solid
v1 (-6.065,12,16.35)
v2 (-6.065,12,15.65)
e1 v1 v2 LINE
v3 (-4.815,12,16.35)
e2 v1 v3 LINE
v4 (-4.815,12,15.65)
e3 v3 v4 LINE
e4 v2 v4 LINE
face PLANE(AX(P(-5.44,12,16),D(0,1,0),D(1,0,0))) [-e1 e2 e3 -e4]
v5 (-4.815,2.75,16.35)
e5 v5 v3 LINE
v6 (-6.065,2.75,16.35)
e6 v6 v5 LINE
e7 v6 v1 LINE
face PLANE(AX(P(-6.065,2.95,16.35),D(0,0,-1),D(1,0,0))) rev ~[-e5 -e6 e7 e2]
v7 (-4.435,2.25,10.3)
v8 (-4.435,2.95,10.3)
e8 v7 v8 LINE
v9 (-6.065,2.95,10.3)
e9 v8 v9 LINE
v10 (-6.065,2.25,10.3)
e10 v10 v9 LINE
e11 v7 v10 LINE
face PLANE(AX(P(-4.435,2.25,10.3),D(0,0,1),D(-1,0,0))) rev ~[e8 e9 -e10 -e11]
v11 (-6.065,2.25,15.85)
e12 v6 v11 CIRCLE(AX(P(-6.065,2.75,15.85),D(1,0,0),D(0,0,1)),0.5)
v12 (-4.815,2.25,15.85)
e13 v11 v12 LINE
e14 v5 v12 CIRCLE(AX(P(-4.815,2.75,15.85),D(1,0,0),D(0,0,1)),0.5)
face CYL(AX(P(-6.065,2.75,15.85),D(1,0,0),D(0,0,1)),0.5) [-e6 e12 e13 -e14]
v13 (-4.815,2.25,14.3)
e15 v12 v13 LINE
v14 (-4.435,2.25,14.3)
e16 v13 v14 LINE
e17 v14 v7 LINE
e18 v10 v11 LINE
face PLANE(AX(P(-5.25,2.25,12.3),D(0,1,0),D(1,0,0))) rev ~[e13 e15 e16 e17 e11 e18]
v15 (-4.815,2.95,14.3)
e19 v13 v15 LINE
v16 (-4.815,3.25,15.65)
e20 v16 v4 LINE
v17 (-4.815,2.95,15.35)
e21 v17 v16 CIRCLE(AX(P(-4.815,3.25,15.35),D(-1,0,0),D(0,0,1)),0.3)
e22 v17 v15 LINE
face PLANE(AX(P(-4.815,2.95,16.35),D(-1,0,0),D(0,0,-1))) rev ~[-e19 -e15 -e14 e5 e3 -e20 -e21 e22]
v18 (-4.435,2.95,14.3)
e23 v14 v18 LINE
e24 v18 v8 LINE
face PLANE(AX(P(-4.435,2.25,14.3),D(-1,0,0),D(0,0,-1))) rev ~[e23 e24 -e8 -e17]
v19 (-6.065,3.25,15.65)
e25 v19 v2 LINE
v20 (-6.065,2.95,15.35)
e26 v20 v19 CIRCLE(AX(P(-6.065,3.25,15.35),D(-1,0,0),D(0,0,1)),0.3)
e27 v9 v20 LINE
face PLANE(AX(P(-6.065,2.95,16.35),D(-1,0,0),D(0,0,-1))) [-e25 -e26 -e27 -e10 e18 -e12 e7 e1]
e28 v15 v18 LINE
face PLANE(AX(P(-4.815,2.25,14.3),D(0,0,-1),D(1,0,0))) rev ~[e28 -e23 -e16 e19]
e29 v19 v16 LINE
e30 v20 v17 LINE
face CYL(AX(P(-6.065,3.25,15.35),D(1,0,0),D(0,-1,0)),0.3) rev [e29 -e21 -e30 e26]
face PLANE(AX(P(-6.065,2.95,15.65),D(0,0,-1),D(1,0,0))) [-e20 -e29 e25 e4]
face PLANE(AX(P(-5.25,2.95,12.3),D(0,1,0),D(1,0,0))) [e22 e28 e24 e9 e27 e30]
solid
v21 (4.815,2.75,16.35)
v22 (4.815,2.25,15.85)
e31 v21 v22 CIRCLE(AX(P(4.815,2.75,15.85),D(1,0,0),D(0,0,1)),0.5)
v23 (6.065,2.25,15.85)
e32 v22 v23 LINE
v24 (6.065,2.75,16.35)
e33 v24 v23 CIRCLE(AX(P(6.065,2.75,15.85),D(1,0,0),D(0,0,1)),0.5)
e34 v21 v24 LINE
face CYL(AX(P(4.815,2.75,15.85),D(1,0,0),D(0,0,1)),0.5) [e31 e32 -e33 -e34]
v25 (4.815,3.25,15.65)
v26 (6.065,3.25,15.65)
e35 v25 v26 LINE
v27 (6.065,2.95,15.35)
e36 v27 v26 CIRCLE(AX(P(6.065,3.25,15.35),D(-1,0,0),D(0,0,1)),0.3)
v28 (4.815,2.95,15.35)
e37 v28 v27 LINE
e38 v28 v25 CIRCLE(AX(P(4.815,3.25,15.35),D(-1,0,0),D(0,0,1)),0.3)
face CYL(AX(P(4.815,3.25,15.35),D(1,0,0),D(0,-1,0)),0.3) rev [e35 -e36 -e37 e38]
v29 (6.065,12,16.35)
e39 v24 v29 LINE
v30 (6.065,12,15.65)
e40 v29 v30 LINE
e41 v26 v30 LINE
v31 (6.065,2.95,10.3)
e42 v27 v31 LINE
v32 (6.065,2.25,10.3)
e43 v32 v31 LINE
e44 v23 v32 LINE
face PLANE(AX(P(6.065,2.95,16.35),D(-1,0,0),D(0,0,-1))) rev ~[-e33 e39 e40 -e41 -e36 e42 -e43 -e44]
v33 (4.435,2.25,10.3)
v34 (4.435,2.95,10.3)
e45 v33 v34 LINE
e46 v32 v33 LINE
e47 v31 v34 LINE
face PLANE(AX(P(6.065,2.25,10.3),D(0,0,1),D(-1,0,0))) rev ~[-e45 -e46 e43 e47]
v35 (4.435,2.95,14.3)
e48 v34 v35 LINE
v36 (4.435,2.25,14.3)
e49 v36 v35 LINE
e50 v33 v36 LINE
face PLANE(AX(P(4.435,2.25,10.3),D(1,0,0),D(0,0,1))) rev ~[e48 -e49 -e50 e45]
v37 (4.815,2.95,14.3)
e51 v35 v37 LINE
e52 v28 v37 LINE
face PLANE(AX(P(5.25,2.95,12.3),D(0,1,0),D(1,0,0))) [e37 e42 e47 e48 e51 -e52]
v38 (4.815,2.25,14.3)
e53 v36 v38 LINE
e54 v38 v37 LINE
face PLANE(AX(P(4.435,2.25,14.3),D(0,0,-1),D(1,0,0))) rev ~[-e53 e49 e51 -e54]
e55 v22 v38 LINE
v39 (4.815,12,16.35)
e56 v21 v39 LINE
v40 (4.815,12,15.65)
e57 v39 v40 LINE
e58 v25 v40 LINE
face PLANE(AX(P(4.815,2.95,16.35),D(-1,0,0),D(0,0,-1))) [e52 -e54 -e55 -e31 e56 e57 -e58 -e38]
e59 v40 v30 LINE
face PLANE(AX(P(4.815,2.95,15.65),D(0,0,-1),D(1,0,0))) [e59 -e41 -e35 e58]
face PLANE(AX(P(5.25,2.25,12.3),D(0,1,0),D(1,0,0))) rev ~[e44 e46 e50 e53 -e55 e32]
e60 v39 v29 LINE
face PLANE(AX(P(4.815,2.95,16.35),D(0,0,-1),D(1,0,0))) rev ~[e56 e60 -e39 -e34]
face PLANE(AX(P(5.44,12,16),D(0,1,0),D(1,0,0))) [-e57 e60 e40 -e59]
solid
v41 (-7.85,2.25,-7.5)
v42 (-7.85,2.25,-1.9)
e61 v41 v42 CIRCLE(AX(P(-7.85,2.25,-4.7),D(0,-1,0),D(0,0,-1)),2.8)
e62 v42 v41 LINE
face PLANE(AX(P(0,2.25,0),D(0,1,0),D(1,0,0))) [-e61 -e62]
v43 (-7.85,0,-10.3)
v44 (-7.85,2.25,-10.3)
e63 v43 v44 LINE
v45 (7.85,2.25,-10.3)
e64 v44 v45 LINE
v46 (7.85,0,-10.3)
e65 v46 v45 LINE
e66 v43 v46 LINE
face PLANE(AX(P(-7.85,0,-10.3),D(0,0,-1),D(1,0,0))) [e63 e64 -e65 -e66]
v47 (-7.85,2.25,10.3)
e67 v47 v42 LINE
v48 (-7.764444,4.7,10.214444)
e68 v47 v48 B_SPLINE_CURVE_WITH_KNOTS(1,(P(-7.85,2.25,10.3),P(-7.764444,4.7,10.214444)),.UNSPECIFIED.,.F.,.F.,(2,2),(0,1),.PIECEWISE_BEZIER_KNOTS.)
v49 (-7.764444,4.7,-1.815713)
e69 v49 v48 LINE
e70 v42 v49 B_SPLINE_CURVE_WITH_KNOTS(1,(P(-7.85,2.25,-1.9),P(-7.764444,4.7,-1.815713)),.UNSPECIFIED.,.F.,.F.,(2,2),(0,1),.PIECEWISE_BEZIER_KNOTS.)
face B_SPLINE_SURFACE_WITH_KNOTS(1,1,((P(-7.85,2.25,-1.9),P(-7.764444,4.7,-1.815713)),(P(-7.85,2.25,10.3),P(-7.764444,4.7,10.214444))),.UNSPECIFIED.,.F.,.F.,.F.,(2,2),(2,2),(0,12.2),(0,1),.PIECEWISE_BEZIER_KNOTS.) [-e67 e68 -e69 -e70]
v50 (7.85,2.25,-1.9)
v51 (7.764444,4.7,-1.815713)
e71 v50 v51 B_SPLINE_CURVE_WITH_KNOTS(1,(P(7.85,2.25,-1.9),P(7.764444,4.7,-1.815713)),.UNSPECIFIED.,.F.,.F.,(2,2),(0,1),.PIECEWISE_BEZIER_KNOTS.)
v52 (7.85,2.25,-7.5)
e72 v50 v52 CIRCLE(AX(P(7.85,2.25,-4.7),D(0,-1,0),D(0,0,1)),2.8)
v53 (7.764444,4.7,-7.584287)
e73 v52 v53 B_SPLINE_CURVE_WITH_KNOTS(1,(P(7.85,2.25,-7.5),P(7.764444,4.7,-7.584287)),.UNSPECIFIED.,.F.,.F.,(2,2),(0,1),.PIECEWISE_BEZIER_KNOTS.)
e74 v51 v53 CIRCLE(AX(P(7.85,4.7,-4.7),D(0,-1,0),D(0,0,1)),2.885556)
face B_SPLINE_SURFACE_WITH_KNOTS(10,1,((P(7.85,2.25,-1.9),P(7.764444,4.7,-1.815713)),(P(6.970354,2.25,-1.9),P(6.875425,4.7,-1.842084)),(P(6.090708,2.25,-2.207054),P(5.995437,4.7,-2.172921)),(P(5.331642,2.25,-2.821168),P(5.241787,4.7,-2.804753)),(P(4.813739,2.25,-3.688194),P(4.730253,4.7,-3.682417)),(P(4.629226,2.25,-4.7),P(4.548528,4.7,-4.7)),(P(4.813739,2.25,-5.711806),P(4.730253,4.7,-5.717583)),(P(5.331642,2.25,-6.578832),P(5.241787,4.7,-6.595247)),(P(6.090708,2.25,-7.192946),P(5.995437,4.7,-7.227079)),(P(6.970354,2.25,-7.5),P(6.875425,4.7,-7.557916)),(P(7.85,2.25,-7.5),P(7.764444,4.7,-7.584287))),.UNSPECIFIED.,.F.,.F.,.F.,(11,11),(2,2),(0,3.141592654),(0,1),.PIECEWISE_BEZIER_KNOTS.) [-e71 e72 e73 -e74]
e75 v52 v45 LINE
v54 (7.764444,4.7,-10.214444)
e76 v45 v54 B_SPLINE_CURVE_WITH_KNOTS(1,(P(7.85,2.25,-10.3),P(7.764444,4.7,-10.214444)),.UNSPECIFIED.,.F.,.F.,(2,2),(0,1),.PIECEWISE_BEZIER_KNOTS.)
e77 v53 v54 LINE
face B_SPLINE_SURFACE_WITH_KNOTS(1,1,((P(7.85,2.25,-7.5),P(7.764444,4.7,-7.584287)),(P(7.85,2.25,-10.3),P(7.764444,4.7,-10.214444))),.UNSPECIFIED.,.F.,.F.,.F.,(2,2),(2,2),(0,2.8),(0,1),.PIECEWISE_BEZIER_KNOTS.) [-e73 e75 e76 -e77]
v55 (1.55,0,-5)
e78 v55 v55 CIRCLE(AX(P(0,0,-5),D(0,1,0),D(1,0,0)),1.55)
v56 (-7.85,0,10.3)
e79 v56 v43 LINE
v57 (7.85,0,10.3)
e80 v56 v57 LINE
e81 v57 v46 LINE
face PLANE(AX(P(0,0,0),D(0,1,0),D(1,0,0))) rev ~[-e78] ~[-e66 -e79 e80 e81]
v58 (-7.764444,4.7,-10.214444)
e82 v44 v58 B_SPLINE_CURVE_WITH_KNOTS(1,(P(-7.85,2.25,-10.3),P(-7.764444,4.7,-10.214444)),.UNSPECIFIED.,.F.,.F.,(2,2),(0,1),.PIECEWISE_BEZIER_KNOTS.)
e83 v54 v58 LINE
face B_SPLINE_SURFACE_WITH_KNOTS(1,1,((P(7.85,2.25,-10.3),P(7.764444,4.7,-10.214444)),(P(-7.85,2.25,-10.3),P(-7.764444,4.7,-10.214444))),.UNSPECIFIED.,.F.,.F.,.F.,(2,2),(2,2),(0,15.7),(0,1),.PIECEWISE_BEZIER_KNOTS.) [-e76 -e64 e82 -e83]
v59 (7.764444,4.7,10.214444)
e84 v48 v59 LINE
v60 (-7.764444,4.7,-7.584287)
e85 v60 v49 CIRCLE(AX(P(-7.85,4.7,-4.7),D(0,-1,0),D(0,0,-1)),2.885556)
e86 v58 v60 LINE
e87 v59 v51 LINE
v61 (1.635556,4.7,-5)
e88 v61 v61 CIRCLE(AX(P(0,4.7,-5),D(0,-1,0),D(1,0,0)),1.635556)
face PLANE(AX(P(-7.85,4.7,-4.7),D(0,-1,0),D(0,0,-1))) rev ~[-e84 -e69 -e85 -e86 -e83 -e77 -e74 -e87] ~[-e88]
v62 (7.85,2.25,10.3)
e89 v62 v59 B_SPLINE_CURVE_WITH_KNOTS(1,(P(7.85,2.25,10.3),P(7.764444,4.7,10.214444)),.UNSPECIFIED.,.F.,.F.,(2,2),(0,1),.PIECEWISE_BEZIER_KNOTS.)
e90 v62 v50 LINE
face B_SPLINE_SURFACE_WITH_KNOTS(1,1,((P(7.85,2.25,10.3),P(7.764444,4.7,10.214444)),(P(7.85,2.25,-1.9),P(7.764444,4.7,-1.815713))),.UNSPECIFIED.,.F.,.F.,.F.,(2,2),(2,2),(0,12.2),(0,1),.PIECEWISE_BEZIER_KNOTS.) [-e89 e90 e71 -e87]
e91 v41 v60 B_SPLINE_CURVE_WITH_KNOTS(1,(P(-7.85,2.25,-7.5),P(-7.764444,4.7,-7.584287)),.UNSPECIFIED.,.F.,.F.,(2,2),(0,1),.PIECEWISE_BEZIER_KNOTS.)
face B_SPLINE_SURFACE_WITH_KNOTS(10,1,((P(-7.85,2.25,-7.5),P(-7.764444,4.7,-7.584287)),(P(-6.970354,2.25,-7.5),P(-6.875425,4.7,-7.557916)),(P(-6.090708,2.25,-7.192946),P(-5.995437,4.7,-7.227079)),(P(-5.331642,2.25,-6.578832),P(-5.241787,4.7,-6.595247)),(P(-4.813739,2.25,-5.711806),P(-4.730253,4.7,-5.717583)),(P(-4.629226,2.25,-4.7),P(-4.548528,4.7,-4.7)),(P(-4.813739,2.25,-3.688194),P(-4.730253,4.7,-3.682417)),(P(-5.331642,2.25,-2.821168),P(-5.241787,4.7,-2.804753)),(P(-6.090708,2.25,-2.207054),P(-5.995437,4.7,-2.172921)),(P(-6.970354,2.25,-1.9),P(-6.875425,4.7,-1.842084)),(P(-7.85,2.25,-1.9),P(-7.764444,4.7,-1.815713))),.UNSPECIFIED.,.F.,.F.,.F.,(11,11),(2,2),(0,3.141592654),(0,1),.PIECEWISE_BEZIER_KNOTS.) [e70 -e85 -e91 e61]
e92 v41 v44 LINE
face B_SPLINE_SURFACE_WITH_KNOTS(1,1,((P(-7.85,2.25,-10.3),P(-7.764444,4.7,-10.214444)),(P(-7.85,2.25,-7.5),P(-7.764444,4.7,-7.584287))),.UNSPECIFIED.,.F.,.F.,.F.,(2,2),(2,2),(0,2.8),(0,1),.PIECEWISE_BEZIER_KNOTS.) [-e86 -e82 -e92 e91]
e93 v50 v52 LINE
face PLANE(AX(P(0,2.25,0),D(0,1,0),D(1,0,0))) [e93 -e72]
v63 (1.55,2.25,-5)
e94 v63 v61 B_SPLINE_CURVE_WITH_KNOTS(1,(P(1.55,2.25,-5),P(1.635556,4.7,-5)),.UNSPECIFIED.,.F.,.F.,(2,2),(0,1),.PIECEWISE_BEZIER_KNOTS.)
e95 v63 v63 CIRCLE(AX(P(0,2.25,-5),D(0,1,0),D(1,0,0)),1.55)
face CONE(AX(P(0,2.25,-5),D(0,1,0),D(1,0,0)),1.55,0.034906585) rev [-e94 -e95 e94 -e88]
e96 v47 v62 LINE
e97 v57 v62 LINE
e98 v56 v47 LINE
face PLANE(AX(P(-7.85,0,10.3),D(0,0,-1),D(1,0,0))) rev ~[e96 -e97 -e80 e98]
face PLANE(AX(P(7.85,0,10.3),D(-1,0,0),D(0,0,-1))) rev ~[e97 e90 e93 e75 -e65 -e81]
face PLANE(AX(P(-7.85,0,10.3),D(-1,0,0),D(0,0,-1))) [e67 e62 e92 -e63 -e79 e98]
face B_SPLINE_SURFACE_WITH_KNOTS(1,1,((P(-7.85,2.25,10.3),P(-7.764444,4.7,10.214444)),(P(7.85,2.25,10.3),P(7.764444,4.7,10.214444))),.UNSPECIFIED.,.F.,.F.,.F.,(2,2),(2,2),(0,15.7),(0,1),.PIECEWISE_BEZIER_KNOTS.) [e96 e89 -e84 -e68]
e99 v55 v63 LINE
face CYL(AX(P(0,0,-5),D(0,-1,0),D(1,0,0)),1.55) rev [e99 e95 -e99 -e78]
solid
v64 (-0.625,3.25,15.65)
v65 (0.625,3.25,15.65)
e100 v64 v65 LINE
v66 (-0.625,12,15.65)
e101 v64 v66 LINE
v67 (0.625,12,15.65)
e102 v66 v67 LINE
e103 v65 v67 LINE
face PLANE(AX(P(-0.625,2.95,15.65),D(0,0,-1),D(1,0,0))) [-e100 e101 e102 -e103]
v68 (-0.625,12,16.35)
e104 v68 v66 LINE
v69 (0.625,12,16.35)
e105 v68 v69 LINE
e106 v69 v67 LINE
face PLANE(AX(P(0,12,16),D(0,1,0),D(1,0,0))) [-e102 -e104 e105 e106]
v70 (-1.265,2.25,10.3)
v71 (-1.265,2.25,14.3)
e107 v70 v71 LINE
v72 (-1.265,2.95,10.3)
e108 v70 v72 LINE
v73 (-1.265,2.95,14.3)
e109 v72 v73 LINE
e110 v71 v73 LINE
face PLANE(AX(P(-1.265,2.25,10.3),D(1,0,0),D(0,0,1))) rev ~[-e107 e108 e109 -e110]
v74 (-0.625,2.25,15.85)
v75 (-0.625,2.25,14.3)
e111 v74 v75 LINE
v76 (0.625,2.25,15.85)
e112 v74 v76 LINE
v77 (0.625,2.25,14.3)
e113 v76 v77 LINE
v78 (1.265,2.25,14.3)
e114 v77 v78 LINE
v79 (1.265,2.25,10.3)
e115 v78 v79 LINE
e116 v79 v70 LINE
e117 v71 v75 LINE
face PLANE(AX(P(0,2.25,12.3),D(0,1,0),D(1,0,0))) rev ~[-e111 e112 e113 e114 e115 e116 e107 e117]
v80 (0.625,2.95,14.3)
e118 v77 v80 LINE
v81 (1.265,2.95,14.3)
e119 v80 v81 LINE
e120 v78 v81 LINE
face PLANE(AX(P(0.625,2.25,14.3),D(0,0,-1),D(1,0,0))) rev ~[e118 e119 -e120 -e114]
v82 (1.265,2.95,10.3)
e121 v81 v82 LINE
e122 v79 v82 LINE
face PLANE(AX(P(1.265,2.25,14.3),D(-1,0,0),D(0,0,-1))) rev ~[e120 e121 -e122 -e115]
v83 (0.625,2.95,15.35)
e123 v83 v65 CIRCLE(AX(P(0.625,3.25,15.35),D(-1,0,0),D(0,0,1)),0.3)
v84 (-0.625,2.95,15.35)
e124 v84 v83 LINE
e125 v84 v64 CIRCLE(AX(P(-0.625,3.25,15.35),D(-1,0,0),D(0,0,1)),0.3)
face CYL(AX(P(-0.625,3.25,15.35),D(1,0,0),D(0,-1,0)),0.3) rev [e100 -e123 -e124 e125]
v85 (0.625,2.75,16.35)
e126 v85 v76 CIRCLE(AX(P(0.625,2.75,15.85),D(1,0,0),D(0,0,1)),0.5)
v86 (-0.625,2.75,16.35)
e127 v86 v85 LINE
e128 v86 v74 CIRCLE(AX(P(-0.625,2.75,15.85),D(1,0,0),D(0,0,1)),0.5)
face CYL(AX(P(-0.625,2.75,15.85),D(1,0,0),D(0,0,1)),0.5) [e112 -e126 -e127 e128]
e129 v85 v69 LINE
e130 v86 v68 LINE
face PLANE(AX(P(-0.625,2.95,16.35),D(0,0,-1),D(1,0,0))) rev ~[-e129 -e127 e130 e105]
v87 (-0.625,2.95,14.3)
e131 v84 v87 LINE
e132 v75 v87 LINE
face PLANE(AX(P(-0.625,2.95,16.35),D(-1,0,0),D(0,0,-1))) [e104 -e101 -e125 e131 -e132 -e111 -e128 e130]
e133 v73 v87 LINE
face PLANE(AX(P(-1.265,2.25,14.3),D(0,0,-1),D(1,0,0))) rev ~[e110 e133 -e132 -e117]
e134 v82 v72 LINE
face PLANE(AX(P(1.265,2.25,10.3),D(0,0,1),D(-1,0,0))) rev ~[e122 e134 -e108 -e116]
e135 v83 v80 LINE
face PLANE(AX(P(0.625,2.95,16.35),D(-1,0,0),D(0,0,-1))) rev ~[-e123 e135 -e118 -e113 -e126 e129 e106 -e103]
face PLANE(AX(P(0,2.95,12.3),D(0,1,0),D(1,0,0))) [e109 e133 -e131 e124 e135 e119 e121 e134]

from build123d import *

# Parameters (mm, degrees)
SKETCH_1_W        = 15.7
SKETCH_1_H        = 20.6
SKETCH_1_R        = 1.55
EXTRUDE_1_DEPTH   = 2.25
SKETCH_2_R        = 1.55
EXTRUDE_2_DEPTH   = 2.45
EXTRUDE_2_DRAFT   = 2
EXTRUDE_3_DEPTH   = 0.7
EXTRUDE_3_2_DEPTH = 0.7
EXTRUDE_3_3_DEPTH = 0.7
SKETCH_3_W        = 1.25
SKETCH_3_H        = 0.7
EXTRUDE_4_DEPTH   = 9.05
FILLET_1_R        = 0.3
FILLET_2_R        = 0.3
FILLET_3_R        = 0.3
FILLET_4_R        = 0.5
FILLET_5_R        = 0.5
FILLET_6_R        = 0.5


with BuildPart() as part:
    # Эскиз1 → Бобышка-Вытянуть1 (new body)
    with BuildSketch(Plane(origin=(0, 0, 0), x_dir=(1, 0, 0), z_dir=(0, 1, 0))):
        Rectangle(SKETCH_1_W, SKETCH_1_H)
        with Locations((0, 5)):
            Circle(SKETCH_1_R, mode=Mode.SUBTRACT)
    extrude(amount=EXTRUDE_1_DEPTH)


with BuildPart() as extrude_2_tool:
    # Эскиз2 → Бобышка-Вытянуть2 (with draft: the straight prism first)
    with BuildSketch(Plane(origin=(0, 2.25, 0), x_dir=(1, 0, 0), z_dir=(0, 1, 0))):
        with BuildLine():
            ThreePointArc((-7.85, 7.5), (-5.05, 4.7), (-7.85, 1.9))
            Line((-7.85, 1.9), (-7.85, -10.3))
            Line((-7.85, -10.3), (-6.065, -10.3))
            Line((-6.065, -10.3), (-4.435, -10.3))
            Line((-4.435, -10.3), (-1.265, -10.3))
            Line((-1.265, -10.3), (1.265, -10.3))
            Line((1.265, -10.3), (4.435, -10.3))
            Line((4.435, -10.3), (6.065, -10.3))
            Line((6.065, -10.3), (7.85, -10.3))
            Line((7.85, -10.3), (7.85, 1.9))
            ThreePointArc((7.85, 1.9), (5.05, 4.7), (7.85, 7.5))
            Line((7.85, 7.5), (7.85, 10.3))
            Line((7.85, 10.3), (-7.85, 10.3))
            Line((-7.85, 10.3), (-7.85, 7.5))
        make_face()
        with Locations((0, 5)):
            Circle(SKETCH_2_R, mode=Mode.SUBTRACT)
    extrude(amount=EXTRUDE_2_DEPTH)
    # Бобышка-Вытянуть2: the draft: its side faces are tilted about the plane it starts from
    extrude_2_sides = [extrude_2_tool.faces().sort_by_distance(p)[0] for p in [
        (-5.05, 3.475, -4.7),
        (-1.55, 3.475, -5),
        (0, 3.475, -10.3),
        (7.85, 3.475, -8.9),
        (5.05, 3.475, -4.7),
        (7.85, 3.475, 4.2),
        (0, 3.475, 10.3),
        (-7.85, 3.475, 4.2),
        (-7.85, 3.475, -8.9),
    ]]
    draft(extrude_2_sides, Plane(origin=(0, 2.25, 0), x_dir=(1, 0, 0), z_dir=(0, 1, 0)), EXTRUDE_2_DRAFT)


with BuildPart() as part_1:
    add(part.part)

    # Бобышка-Вытянуть2: add extrude_2_tool
    add(extrude_2_tool.part)


with BuildPart() as body_2:
    # Эскиз2<4> → Бобышка-Вытянуть3 (new body)
    with BuildSketch(Plane(origin=(0, 2.25, 0), x_dir=(1, 0, 0), z_dir=(0, 1, 0))):
        Polygon((-4.435, -10.3), (-6.065, -10.3), (-6.065, -16.35), (-4.815, -16.35), (-4.815, -14.3), (-4.435, -14.3), align=None)
    extrude(amount=EXTRUDE_3_DEPTH)



with BuildPart() as body_3:
    # Эскиз2<4> → Extrude 3 2 (new body)
    with BuildSketch(Plane(origin=(0, 2.25, 0), x_dir=(1, 0, 0), z_dir=(0, 1, 0))):
        Polygon((1.265, -10.3), (-1.265, -10.3), (-1.265, -14.3), (-0.625, -14.3), (-0.625, -16.35), (0.625, -16.35), (0.625, -14.3), (1.265, -14.3), align=None)
    extrude(amount=EXTRUDE_3_2_DEPTH)


with BuildPart() as body_4:
    # Эскиз2<4> → Extrude 3 3 (new body)
    with BuildSketch(Plane(origin=(0, 2.25, 0), x_dir=(1, 0, 0), z_dir=(0, 1, 0))):
        Polygon((6.065, -10.3), (4.435, -10.3), (4.435, -14.3), (4.815, -14.3), (4.815, -16.35), (6.065, -16.35), align=None)
    extrude(amount=EXTRUDE_3_3_DEPTH)


with BuildPart() as body_2_1:
    add(body_2.part)

    add(body_3.part)  # Бобышка-Вытянуть4 merges body 3

    add(body_4.part)  # Бобышка-Вытянуть4 merges body 4
    # Эскиз3 → Бобышка-Вытянуть4 (add)
    with BuildSketch(Plane(origin=(0, 2.95, 0), x_dir=(1, 0, 0), z_dir=(0, 1, 0))):
        with Locations((-5.44, -16)):
            Rectangle(SKETCH_3_W, SKETCH_3_H)
        with Locations((0, -16)):
            Rectangle(SKETCH_3_W, SKETCH_3_H)
        with Locations((5.44, -16)):
            Rectangle(SKETCH_3_W, SKETCH_3_H)
    extrude(amount=EXTRUDE_4_DEPTH)

    # Скругление1
    fillet_1_edges = [body_2_1.edges().sort_by_distance(p)[0] for p in [
        (5.44, 2.95, 15.65),
    ]]
    fillet(fillet_1_edges, radius=FILLET_1_R)

    # Скругление2
    fillet_2_edges = [body_2_1.edges().sort_by_distance(p)[0] for p in [
        (0, 2.95, 15.65),
    ]]
    fillet(fillet_2_edges, radius=FILLET_2_R)

    # Скругление3
    fillet_3_edges = [body_2_1.edges().sort_by_distance(p)[0] for p in [
        (-5.44, 2.95, 15.65),
    ]]
    fillet(fillet_3_edges, radius=FILLET_3_R)

    # Скругление4
    fillet_4_edges = [body_2_1.edges().sort_by_distance(p)[0] for p in [
        (5.44, 2.25, 16.35),
    ]]
    fillet(fillet_4_edges, radius=FILLET_4_R)

    # Скругление5
    fillet_5_edges = [body_2_1.edges().sort_by_distance(p)[0] for p in [
        (0, 2.25, 16.35),
    ]]
    fillet(fillet_5_edges, radius=FILLET_5_R)

    # Скругление6
    fillet_6_edges = [body_2_1.edges().sort_by_distance(p)[0] for p in [
        (-5.44, 2.25, 16.35),
    ]]
    fillet(fillet_6_edges, radius=FILLET_6_R)


solid = Compound([part_1.part, body_2_1.part])
